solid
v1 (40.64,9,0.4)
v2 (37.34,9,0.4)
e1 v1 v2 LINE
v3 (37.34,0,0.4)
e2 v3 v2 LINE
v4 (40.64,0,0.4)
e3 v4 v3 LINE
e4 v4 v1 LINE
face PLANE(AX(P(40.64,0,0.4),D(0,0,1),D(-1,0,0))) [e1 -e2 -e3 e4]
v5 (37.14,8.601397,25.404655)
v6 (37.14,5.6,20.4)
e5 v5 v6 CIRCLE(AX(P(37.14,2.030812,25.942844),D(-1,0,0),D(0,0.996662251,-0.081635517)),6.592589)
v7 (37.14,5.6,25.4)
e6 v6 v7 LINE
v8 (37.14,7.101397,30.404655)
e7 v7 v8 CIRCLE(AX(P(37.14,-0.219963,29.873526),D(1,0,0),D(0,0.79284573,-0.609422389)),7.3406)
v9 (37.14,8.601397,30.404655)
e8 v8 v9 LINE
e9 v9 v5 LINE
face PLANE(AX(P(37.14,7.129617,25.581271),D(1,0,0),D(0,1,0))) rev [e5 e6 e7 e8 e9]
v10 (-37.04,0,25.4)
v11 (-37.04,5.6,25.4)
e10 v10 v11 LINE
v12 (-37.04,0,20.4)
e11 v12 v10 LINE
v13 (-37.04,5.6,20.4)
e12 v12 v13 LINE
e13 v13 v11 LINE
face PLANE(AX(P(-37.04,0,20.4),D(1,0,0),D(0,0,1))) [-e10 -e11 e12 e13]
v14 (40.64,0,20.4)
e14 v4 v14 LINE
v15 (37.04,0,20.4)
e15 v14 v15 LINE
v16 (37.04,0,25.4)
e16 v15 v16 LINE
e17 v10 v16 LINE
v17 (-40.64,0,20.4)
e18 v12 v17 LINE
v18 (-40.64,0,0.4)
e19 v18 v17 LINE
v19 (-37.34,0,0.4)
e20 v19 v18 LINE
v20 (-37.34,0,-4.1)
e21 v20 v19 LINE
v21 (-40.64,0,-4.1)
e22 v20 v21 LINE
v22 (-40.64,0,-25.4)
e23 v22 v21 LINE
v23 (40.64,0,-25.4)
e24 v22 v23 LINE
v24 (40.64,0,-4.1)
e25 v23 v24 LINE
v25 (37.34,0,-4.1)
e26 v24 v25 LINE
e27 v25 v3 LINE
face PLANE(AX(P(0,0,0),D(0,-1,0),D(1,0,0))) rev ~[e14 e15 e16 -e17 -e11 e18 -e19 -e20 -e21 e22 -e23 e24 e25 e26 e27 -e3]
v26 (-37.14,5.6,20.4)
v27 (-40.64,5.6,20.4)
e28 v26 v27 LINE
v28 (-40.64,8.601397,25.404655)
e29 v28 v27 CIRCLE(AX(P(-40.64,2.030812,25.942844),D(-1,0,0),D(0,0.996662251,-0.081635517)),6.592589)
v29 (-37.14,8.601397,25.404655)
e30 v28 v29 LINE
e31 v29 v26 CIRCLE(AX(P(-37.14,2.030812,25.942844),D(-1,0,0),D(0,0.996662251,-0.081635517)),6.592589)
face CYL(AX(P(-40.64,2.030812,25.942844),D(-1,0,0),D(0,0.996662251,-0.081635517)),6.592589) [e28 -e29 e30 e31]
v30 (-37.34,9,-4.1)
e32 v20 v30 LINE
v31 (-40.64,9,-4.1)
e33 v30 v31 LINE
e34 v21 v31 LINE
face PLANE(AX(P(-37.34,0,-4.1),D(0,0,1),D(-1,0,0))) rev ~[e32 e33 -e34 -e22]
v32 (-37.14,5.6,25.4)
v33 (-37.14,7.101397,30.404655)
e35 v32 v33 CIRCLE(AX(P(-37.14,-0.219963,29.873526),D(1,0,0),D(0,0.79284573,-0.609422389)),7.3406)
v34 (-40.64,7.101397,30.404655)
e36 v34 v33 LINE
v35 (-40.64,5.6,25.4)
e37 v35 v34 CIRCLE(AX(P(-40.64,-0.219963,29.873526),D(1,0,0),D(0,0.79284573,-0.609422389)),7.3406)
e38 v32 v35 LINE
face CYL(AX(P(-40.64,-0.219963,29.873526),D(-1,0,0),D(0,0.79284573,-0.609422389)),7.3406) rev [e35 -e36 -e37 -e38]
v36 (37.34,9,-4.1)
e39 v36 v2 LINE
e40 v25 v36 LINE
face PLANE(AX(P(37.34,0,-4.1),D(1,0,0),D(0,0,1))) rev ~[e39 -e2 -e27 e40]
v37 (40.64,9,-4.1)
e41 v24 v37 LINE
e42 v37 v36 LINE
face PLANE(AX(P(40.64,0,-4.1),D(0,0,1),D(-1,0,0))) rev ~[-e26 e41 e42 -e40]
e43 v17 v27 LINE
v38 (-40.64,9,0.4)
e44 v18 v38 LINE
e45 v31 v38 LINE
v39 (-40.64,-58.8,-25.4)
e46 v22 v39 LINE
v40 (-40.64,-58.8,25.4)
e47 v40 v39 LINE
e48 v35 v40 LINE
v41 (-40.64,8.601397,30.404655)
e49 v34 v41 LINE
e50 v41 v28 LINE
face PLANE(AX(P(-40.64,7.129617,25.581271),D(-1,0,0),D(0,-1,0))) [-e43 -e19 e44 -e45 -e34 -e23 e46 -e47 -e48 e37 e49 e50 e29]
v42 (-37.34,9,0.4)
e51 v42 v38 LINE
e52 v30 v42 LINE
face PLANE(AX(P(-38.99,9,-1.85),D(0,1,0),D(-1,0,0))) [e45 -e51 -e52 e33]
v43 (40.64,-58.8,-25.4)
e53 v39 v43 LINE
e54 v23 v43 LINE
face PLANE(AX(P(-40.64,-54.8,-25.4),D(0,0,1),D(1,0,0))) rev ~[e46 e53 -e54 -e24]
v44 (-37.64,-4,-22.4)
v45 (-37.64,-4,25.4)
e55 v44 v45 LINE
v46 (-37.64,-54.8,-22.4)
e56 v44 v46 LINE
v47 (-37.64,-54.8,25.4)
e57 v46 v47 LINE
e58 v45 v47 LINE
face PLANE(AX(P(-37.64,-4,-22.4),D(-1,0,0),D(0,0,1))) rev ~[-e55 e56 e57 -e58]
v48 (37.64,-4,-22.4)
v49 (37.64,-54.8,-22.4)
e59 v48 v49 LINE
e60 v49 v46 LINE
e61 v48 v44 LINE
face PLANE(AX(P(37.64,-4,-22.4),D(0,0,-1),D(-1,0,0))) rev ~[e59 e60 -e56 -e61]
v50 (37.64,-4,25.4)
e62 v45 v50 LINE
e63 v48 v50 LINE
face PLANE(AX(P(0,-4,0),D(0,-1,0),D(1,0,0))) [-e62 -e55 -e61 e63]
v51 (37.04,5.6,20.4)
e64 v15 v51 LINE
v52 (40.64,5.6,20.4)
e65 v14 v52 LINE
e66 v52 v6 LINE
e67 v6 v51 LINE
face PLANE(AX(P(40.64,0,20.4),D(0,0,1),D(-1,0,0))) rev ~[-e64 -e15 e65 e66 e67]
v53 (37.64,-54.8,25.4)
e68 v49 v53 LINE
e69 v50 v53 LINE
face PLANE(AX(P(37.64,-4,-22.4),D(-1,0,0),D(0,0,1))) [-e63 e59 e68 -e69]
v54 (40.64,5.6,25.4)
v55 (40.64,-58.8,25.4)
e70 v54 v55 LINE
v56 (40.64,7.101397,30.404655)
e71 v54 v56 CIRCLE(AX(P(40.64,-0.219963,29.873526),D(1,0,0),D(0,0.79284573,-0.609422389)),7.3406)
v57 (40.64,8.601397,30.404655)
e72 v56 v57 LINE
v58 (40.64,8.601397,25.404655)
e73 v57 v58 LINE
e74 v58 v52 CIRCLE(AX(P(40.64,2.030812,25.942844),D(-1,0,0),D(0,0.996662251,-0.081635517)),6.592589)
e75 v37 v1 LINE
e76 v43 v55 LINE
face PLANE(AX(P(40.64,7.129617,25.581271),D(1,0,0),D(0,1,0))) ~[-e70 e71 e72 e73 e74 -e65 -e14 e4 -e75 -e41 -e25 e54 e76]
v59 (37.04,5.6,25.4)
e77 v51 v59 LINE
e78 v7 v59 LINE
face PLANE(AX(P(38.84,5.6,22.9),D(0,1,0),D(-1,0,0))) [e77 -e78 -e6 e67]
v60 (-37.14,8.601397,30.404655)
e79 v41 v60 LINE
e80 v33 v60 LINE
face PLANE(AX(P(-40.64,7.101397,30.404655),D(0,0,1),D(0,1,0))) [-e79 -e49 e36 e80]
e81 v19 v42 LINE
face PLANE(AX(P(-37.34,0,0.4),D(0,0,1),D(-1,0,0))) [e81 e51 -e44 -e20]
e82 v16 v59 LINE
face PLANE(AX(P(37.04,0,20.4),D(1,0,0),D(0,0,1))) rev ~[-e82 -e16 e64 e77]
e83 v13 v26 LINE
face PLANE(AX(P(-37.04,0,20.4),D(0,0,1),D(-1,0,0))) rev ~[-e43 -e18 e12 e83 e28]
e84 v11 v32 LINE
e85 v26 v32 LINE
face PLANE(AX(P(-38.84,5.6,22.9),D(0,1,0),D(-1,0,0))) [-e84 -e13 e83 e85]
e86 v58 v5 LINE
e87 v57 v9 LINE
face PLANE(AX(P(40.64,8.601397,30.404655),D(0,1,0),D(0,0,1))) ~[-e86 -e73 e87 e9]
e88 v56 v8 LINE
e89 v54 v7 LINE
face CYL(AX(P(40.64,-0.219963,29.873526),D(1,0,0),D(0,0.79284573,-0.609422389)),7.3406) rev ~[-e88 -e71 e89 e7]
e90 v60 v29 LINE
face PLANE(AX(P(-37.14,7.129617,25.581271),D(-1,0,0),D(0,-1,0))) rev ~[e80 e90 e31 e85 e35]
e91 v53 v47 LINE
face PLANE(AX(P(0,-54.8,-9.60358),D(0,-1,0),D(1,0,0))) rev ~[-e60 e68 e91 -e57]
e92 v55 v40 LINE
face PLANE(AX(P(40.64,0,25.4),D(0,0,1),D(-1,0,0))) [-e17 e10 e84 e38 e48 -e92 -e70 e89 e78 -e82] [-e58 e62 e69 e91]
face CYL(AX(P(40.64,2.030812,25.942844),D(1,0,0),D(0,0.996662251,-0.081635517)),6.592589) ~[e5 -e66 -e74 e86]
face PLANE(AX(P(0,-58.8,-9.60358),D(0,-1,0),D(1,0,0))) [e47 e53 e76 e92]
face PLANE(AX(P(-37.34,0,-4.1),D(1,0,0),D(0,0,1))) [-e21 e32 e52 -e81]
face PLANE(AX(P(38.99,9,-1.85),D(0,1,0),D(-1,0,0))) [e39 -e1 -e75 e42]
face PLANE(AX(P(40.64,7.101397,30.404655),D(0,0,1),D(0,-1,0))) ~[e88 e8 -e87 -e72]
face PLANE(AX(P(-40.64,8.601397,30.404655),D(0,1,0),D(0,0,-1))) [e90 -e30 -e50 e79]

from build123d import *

# Parameters (mm, degrees)
F0_W      = 81.28
F0_H      = 50.8
F1_DEPTH  = 4
F2_W      = 3
F2_H      = 47.8
F2_H_2    = 3
F2_W_2    = 75.28
F3_DEPTH  = 50.8
F4_W      = 75.28
F4_H      = 47.8
F5_DEPTH  = 4
F6_W      = 3.6
F6_H      = 5
F7_DEPTH  = 5.6
F9_W      = 3.3
F9_H      = 4.5
F10_DEPTH = 9
F11_DEPTH = 3.5


with BuildPart() as f1:
    # F0 (on Front) → F1 (new body)
    with BuildSketch(Plane.XZ):
        Rectangle(F0_W, F0_H)
    extrude(amount=F1_DEPTH)

    # F2 (on face) → F3 (join)
    with BuildSketch(Plane.XZ.offset(4)):
        with Locations((-39.14, 1.5)):
            Rectangle(F2_W, F2_H)
        with Locations((-39.14, -23.9)):
            Rectangle(F2_W, F2_H_2)
        with Locations((0, -23.9)):
            Rectangle(F2_W_2, F2_H_2)
        with Locations((39.14, -23.9)):
            Rectangle(F2_W, F2_H_2)
        with Locations((39.14, 1.5)):
            Rectangle(F2_W, F2_H)
    extrude(amount=F3_DEPTH)

    # F4 (on face) → F5 (join)
    with BuildSketch(Plane.XZ.offset(54.8)):
        Polygon((-40.64, 25.4), (-40.64, -25.4), (40.64, -25.4), (40.64, 25.4), (37.64, 25.4), (37.64, -22.4), (-37.64, -22.4), (-37.64, 25.4), align=None)
        with Locations((0, 1.5)):
            Rectangle(F4_W, F4_H)
    extrude(amount=F5_DEPTH)

    # F6 (on face) → F7 (join)
    with BuildSketch(Plane(origin=(0, 0, 0), x_dir=(-1, 0, 0), z_dir=(0, 1, 0))):
        with Locations((-38.84, 22.9)):
            Rectangle(F6_W, F6_H)
        with Locations((38.84, 22.9)):
            Rectangle(F6_W, F6_H)
    extrude(amount=F7_DEPTH)

    # F9 (on face) → F10 (join)
    with BuildSketch(Plane(origin=(0, 0, 0), x_dir=(-1, 0, 0), z_dir=(0, 1, 0))):
        with Locations((38.99, -1.85)):
            Rectangle(F9_W, F9_H)
        with Locations((-38.99, -1.85)):
            Rectangle(F9_W, F9_H)
    extrude(amount=F10_DEPTH)

    # F8 (on face) → F11 (join)
    with BuildSketch(Plane(origin=(-40.64, 0, 0), x_dir=(0, -1, 0), z_dir=(-1, 0, 0))):
        with BuildLine():
            Line((-8.6013965008, 30.4046550027), (-8.6013965008, 25.4046550027))
            ThreePointArc((-8.6013965008, 25.4046550027), (-7.6846062869, 22.5521456134), (-5.6, 20.4))
            Line((-5.6, 20.4), (-5.6, 25.4))
            ThreePointArc((-5.6, 25.4), (-6.8110562613, 27.7642200981), (-7.1013965008, 30.4046550027))
            Line((-7.1013965008, 30.4046550027), (-8.6013965008, 30.4046550027))
        make_face()
    extrude(amount=-F11_DEPTH)

    # F12: F1 across plane


with BuildPart() as f1_1:
    add(f1.part)
    add(f1.part.mirror(Plane.YZ))


solid = f1_1.part
